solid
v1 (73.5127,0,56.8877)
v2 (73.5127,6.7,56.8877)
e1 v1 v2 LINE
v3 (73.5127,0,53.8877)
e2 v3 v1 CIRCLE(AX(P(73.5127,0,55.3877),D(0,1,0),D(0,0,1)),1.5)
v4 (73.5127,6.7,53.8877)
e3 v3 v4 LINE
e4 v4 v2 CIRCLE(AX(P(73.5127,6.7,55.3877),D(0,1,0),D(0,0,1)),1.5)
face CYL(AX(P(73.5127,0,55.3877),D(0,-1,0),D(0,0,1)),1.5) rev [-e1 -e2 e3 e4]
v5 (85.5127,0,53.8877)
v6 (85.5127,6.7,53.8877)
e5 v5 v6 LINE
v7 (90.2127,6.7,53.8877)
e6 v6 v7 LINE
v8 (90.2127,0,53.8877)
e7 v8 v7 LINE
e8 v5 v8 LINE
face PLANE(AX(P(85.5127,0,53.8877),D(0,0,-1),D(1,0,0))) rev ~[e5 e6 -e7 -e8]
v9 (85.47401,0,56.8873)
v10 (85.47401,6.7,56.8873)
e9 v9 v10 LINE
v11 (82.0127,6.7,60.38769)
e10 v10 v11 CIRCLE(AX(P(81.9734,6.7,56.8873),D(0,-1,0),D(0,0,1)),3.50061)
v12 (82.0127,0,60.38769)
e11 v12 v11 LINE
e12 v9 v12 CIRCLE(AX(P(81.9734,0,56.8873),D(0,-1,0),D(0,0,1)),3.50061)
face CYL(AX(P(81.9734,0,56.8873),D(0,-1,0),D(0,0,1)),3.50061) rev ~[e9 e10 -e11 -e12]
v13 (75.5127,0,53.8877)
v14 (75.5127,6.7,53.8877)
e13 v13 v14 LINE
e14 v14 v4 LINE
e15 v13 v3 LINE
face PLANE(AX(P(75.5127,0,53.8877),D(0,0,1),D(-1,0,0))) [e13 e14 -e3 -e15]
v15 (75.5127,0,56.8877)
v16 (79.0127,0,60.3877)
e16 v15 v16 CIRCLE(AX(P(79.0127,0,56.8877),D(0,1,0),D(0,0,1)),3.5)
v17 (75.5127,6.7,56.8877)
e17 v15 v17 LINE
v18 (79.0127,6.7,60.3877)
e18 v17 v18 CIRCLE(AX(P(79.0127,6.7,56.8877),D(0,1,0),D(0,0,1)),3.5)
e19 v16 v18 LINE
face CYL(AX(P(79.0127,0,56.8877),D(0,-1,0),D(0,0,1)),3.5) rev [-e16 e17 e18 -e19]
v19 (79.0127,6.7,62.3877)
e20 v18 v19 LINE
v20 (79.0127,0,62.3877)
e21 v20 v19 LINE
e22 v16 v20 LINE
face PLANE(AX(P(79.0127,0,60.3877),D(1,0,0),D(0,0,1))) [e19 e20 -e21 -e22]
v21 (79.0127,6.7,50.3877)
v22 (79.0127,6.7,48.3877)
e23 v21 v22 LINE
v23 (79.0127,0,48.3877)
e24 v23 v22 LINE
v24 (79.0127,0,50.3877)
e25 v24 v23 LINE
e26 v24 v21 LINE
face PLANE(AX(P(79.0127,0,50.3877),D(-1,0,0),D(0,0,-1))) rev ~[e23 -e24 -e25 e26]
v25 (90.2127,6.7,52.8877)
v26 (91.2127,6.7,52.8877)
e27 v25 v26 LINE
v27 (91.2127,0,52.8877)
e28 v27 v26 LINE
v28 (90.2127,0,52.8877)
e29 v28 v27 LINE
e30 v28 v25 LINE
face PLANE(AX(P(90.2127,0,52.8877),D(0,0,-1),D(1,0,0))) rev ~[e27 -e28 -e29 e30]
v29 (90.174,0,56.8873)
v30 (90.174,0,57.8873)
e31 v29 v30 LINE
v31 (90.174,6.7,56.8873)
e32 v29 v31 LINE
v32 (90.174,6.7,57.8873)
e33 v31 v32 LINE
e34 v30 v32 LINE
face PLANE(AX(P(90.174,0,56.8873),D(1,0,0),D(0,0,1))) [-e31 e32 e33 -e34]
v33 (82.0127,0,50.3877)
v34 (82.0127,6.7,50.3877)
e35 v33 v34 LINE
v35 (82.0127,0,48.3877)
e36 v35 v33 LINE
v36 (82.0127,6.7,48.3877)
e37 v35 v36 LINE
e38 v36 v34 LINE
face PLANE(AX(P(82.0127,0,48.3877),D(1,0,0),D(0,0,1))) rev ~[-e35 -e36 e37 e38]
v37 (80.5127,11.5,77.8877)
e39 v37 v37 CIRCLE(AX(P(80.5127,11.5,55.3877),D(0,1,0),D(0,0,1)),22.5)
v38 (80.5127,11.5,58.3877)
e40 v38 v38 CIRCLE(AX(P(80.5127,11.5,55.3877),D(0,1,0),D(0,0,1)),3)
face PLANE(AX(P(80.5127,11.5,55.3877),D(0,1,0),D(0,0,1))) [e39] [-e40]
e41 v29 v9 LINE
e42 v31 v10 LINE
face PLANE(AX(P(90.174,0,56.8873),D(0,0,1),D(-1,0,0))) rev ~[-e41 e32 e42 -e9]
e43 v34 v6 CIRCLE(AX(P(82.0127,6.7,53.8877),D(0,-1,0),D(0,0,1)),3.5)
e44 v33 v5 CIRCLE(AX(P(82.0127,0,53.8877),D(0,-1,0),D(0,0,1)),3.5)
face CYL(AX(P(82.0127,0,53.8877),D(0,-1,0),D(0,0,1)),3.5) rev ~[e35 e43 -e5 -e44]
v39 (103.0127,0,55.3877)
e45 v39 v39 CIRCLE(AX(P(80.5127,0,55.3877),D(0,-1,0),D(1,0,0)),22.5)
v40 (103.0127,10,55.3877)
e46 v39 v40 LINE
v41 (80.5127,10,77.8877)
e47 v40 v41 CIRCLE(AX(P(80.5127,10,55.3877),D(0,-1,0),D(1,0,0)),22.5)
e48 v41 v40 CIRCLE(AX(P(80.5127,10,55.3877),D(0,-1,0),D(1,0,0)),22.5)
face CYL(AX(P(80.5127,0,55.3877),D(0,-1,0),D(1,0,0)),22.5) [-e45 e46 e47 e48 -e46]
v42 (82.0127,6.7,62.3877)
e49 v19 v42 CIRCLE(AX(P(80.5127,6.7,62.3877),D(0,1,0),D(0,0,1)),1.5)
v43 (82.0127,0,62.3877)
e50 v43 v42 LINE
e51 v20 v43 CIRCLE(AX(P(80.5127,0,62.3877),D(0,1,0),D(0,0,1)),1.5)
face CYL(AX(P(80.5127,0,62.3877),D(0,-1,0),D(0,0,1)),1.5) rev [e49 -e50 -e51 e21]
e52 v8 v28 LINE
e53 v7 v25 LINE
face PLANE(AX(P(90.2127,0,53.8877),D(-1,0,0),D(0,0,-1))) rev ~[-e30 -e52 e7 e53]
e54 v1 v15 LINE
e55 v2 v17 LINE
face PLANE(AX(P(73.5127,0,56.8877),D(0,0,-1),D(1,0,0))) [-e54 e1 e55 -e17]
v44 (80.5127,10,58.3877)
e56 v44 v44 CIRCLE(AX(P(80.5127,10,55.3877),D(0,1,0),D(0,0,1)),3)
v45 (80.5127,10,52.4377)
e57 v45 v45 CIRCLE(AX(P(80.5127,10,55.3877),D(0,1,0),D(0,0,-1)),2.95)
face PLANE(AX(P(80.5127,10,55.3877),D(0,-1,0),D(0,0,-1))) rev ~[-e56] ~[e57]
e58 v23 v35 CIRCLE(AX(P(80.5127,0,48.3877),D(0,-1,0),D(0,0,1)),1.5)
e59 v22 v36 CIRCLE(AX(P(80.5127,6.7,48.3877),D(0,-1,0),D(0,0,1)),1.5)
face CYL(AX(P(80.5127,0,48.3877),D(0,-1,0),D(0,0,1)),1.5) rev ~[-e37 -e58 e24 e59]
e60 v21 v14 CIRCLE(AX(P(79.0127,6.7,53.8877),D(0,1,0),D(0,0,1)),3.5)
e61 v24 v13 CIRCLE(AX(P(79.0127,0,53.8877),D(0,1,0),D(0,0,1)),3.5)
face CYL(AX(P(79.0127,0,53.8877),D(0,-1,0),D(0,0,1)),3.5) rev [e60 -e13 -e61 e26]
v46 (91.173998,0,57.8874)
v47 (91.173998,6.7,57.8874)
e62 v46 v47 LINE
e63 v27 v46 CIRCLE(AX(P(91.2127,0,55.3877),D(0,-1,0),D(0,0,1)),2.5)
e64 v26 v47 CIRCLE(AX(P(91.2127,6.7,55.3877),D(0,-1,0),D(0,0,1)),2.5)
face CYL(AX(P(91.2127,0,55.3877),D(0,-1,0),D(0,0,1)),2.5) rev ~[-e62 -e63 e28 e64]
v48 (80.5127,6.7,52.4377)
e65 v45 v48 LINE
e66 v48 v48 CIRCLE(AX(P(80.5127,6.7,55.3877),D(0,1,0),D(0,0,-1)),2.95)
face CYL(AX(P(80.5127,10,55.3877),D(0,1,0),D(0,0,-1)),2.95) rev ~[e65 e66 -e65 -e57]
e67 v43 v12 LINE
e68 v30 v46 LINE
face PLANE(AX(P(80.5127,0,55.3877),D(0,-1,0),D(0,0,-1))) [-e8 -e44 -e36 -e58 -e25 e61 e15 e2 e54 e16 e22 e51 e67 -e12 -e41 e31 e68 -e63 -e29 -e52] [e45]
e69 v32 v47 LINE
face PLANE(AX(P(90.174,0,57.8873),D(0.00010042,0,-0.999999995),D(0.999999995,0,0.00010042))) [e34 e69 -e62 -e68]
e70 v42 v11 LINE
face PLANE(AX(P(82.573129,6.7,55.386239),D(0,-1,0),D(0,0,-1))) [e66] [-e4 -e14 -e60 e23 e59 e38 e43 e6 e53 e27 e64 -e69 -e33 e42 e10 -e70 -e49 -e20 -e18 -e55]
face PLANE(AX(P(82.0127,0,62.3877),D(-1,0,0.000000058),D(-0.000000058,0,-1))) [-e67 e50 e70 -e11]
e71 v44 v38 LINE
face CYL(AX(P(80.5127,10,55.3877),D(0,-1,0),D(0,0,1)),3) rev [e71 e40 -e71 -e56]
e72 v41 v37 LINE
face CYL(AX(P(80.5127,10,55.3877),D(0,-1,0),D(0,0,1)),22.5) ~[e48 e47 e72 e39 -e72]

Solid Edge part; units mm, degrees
sketch "Sketch1" plane through (0, 0, 0) normal (0, -1, 0) x (1, 0, 0)
  circle A0 centre (80.5127, 55.3877) radius 22.5
  dimension "D1" = 45
extrude "Protrusion1" add sketch "Sketch1" against normal blind 10
sketch "Sketch2" plane through (80.5127, 10, 55.3877) normal (0, 1, 0) x (0, 0, -1)
  circle A0 centre (0, 0) radius 2.95
  dimension "D1" = 5.9
extrude "ExtrudedCutout_5" cut sketch "Sketch2" against normal blind 4
sketch "Sketch3" plane through (80.5127, 6, 55.3877) normal (0, 1, 0) x (-1, 0, 0)
  circle A0 centre (0, 0) radius 1.05
  dimension "D1" = 2.1
extrude "Cutout1" cut sketch "Sketch3" against normal up to next
sketch "Sketch4" plane through (80.5127, 5, 51.1598) normal (0, -1, 0) x (1, 0, 0)
  circle A0 centre (0, 4.2279) radius 3.55
extrude "ExtrudedCutout_7" cut sketch "Sketch4" against normal blind 0.5
chamfer "Chamfer_2" distance 1.9 distance2 0.5 1 edges at (80.5127, 6, 58.3377) measured on face at (78.605, 6, 53.362)
sketch "Sketch5" plane through (80.5127, 10, 55.3877) normal (0, 1, 0) x (0, 0, 1)
  circle A0 centre (0, 0) radius 22.5
  circle A1 centre (0, 0) radius 3
  dimension "D1" = 45
extrude "ExtrudedProtrusion_4" add sketch "Sketch5" along normal blind 1.5
sketch "Sketch6" plane through (80.5127, 0, 55.3877) normal (0, -1, 0) x (0, 0, 1)
  line L0 (-1.5, -5) -> (-1.5, -9.7)
  line L1 (-1.5, -9.7) -> (-2.5, -9.7)
  line L2 (-2.5, -9.7) -> (-2.5, -10.7)
  arc A0 (-2.5, -10.7) -> (2.4996, -10.6613) centre (0, -10.7) ccw
  line L3 (2.4996, -9.6613) -> (2.4996, -10.6613)
  line L4 (1.4996, -9.6613) -> (2.4996, -9.6613)
  line L5 (1.4996, -9.6613) -> (1.4996, -4.9613)
  arc A1 (1.4996, -4.9613) -> (5, -1.5) centre (1.4996, -1.4607) ccw
  line L6 (7, -1.5) -> (5, -1.5)
  arc A2 (7, 1.5) -> (7, -1.5) centre (7, 0) cw
  line L7 (5, 1.5) -> (7, 1.5)
  arc A3 (1.5, 5) -> (5, 1.5) centre (1.5, 1.5) cw
  line L8 (1.5, 7) -> (1.5, 5)
  arc A4 (-1.5, 7) -> (1.5, 7) centre (0, 7) cw
  line L9 (-1.5, 5) -> (-1.5, 7)
  arc A5 (-5, 1.5) -> (-1.5, 5) centre (-1.5, 1.5) cw
  line L10 (-5, 1.5) -> (-7, 1.5)
  arc A6 (-7, 1.5) -> (-7, -1.5) centre (-7, 0) ccw
  line L11 (-7, -1.5) -> (-5, -1.5)
  arc A7 (-5, -1.5) -> (-1.5, -5) centre (-1.5, -1.5) ccw
  dimension "D1" = 2
  dimension "D2" = 1.5
  dimension "D3" = 2
  dimension "D4" = 2
  dimension "D5" = 1.5
  dimension "D6" = 5
  dimension "D7" = 5
  dimension "D8" = 4.7
  dimension "D9" = 5
  dimension "D10" = 1.5
  dimension "D11" = 2
  dimension "D12" = 2
  dimension "D13" = 1.5
  dimension "D14" = 2
  dimension "D15" = 4.7
  dimension "D16" = 1
  dimension "D17" = 1
extrude "ExtrudedCutout_9" cut sketch "Sketch6" against normal blind 6.7
